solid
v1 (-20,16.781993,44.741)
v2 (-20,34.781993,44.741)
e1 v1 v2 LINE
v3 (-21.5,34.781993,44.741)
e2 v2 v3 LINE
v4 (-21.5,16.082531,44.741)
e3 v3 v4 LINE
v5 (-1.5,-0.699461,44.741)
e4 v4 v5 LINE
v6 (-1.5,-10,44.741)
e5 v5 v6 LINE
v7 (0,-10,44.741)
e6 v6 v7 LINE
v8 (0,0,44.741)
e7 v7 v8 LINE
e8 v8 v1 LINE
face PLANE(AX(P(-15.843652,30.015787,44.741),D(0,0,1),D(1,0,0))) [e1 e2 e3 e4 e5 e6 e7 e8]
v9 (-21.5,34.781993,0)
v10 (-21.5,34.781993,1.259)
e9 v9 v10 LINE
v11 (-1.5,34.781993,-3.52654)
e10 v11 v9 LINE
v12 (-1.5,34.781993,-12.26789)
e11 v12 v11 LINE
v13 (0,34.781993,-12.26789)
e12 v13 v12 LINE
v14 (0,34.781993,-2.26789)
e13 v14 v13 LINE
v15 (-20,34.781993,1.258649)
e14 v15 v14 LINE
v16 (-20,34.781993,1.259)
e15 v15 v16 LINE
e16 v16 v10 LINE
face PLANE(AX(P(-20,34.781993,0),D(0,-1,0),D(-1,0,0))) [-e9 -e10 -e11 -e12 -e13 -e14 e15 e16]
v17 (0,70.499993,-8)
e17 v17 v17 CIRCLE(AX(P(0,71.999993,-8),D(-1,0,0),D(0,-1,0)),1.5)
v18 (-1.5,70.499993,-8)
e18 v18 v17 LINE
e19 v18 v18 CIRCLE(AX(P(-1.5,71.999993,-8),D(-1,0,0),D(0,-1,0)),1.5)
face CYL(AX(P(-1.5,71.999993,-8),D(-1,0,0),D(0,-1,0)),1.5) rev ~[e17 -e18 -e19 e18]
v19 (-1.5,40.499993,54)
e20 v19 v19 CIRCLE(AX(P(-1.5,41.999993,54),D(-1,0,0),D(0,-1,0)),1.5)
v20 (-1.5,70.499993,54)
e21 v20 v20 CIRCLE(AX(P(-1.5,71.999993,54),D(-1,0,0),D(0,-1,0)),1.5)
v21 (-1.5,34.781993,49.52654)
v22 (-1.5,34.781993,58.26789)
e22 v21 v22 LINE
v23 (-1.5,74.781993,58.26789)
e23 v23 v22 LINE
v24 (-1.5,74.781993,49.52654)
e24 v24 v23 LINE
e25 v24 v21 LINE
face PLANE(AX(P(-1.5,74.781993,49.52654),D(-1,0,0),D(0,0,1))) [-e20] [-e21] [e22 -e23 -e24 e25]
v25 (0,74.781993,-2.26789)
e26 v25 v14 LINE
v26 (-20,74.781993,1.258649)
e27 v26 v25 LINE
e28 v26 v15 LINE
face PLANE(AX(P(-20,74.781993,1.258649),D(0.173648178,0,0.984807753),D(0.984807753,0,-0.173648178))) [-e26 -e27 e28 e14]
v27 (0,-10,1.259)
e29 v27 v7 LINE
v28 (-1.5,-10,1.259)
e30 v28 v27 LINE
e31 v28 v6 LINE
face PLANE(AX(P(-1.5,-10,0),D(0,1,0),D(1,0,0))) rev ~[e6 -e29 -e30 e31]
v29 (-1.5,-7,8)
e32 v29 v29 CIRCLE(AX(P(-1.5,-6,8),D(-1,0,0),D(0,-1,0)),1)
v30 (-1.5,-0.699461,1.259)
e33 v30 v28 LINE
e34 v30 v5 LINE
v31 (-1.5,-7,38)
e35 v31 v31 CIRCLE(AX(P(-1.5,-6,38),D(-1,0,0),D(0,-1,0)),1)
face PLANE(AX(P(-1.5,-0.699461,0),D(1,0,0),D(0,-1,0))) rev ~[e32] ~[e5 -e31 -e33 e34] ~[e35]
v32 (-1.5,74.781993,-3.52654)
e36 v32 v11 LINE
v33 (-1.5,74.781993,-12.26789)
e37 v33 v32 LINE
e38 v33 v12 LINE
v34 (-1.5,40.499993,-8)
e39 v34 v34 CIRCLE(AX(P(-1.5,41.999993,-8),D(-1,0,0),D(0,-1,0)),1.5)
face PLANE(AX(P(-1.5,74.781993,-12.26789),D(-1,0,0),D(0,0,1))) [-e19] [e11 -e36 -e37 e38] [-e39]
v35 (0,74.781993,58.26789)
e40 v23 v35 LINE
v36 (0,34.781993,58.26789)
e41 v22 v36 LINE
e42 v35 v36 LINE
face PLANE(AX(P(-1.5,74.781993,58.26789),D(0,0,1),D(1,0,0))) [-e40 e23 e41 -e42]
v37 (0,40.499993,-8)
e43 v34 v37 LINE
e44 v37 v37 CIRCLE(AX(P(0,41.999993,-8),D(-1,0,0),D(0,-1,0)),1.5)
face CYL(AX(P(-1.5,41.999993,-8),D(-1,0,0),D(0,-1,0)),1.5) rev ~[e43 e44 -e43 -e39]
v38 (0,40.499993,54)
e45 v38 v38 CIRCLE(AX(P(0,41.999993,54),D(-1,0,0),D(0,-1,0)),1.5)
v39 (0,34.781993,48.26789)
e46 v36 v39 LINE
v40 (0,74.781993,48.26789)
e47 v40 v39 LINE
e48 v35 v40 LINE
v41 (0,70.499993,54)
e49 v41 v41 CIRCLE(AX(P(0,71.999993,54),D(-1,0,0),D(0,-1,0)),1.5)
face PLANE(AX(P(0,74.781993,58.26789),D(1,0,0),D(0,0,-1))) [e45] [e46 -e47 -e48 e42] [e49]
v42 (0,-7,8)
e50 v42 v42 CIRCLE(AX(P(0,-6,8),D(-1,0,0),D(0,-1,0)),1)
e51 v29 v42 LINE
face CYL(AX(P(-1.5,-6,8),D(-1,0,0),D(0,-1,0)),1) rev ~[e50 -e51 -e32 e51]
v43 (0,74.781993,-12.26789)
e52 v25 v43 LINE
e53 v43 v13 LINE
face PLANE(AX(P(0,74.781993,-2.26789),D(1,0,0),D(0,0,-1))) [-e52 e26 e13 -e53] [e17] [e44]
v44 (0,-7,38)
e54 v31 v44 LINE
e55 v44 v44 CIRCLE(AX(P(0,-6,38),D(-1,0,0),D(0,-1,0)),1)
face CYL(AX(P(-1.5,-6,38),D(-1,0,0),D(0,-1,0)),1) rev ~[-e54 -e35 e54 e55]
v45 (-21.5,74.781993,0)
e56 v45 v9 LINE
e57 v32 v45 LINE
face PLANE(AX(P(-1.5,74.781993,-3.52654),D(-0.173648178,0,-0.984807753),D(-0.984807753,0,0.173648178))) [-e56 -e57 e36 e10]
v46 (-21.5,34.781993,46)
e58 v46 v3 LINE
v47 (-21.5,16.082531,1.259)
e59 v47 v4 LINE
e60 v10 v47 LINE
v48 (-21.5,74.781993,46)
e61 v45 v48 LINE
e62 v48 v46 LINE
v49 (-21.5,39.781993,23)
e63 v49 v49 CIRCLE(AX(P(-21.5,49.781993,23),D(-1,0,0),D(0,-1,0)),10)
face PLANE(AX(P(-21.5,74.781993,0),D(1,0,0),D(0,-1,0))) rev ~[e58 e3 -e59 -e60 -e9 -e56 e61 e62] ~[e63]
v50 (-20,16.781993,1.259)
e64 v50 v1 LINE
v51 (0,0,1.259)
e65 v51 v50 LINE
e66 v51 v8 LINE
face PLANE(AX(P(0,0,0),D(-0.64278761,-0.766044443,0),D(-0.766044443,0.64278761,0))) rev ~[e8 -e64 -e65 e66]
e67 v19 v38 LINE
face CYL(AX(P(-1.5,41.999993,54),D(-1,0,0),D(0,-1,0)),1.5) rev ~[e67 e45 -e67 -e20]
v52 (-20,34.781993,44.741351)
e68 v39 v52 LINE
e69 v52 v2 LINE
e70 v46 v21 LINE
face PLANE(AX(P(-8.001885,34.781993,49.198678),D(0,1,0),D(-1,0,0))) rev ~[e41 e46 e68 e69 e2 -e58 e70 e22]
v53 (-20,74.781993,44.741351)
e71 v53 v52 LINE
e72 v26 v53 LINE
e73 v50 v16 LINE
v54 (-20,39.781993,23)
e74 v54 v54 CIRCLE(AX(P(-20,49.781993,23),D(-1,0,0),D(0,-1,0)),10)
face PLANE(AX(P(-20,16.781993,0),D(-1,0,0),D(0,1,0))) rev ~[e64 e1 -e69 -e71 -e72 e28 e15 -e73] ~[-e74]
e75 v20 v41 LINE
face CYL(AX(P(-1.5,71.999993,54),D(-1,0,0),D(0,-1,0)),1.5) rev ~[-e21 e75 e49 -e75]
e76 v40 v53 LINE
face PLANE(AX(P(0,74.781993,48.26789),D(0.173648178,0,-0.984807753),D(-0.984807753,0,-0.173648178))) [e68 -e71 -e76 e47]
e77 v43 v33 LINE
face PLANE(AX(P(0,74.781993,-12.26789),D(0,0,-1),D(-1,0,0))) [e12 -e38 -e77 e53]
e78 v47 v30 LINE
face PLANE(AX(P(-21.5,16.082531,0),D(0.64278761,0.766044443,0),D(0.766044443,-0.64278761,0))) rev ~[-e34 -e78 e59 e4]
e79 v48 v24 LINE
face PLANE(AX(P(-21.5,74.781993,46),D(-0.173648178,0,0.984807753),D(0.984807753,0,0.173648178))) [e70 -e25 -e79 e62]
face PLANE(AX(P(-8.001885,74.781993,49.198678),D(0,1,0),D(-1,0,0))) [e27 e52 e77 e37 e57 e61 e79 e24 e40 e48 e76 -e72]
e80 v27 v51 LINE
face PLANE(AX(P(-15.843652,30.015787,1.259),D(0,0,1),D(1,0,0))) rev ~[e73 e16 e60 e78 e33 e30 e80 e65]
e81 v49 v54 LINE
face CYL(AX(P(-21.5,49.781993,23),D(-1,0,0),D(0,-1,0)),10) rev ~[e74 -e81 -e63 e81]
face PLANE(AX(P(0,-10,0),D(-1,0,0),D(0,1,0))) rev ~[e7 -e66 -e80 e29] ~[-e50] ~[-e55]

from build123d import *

# Parameters (mm, degrees)
F1_DEPTH  = 46
F2_R      = 1
F3_DEPTH  = 1.5
F5_DEPTH  = 40
F6_R      = 1.5
F7_DEPTH  = 1.5
F8_R      = 10
F9_DEPTH  = 1.5
F10_DEPTH = 1.259
F11_DEPTH = 1.259


with BuildPart() as f1:
    # F0 (on Top) → F1 (new body)
    with BuildSketch(Plane.XY):
        Polygon((-20, 74.7819926235), (-21.5, 74.7819926235), (-21.5, 16.0825311363), (-1.5, -0.6994614872), (-1.5, -10), (0, -10), (0, 0), (-20, 16.7819926235), align=None)
    extrude(amount=F1_DEPTH)

    # F2 (on face) → F3 (cut, through all)
    with BuildSketch(Plane(origin=(-1.5, 0, 0), x_dir=(0, -1, 0), z_dir=(-1, 0, 0))):
        with Locations((6, 8)):
            Circle(F2_R)
        with Locations((6, 38)):
            Circle(F2_R)
    extrude(amount=-F3_DEPTH, mode=Mode.SUBTRACT)

    # F4 (on face) → F5 (join)
    with BuildSketch(Plane(origin=(0, 74.7819926235, 0), x_dir=(-1, 0, 0), z_dir=(0, 1, 0))):
        Polygon((0, 58.2678901674), (0, 48.2678901674), (20, 44.7413505532), (21.5, 44.7413505532), (21.5, 46), (1.5, 49.5265396142), (1.5, 58.2678901674), align=None)
        Polygon((21.5, 1.2586494468), (20, 1.2586494468), (0, -2.2678901674), (0, -12.2678901674), (1.5, -12.2678901674), (1.5, -3.5265396142), (21.5, 0), align=None)
    extrude(amount=-F5_DEPTH)

    # F6 (on face) → F7 (cut, through all)
    with BuildSketch(Plane(origin=(-1.5, 0, 0), x_dir=(0, -1, 0), z_dir=(-1, 0, 0))):
        with Locations((-71.9999926235, -8)):
            Circle(F6_R)
        with Locations((-41.9999926235, -8)):
            Circle(F6_R)
        with Locations((-41.9999926235, 54)):
            Circle(F6_R)
        with Locations((-71.9999926235, 54)):
            Circle(F6_R)
    extrude(amount=-F7_DEPTH, mode=Mode.SUBTRACT)

    # F8 (on face) → F9 (cut, through all)
    with BuildSketch(Plane(origin=(-21.5, 0, 0), x_dir=(0, -1, 0), z_dir=(-1, 0, 0))):
        with Locations((-49.7819926235, 23)):
            Circle(F8_R)
    extrude(amount=-F9_DEPTH, mode=Mode.SUBTRACT)

    # F10 (cut): a face of the model
    f10_faces = [f1.faces().sort_by_distance(p)[0] for p in [
        (-10.3193093541, 8.0104582418, 0),
    ]]
    extrude(f10_faces, amount=-F10_DEPTH, mode=Mode.SUBTRACT)

    # F11 (cut): a face of the model
    f11_faces = [f1.faces().sort_by_distance(p)[0] for p in [
        (-10.3193093541, 8.0104582418, 46),
    ]]
    extrude(f11_faces, amount=-F11_DEPTH, mode=Mode.SUBTRACT)


solid = f1.part
